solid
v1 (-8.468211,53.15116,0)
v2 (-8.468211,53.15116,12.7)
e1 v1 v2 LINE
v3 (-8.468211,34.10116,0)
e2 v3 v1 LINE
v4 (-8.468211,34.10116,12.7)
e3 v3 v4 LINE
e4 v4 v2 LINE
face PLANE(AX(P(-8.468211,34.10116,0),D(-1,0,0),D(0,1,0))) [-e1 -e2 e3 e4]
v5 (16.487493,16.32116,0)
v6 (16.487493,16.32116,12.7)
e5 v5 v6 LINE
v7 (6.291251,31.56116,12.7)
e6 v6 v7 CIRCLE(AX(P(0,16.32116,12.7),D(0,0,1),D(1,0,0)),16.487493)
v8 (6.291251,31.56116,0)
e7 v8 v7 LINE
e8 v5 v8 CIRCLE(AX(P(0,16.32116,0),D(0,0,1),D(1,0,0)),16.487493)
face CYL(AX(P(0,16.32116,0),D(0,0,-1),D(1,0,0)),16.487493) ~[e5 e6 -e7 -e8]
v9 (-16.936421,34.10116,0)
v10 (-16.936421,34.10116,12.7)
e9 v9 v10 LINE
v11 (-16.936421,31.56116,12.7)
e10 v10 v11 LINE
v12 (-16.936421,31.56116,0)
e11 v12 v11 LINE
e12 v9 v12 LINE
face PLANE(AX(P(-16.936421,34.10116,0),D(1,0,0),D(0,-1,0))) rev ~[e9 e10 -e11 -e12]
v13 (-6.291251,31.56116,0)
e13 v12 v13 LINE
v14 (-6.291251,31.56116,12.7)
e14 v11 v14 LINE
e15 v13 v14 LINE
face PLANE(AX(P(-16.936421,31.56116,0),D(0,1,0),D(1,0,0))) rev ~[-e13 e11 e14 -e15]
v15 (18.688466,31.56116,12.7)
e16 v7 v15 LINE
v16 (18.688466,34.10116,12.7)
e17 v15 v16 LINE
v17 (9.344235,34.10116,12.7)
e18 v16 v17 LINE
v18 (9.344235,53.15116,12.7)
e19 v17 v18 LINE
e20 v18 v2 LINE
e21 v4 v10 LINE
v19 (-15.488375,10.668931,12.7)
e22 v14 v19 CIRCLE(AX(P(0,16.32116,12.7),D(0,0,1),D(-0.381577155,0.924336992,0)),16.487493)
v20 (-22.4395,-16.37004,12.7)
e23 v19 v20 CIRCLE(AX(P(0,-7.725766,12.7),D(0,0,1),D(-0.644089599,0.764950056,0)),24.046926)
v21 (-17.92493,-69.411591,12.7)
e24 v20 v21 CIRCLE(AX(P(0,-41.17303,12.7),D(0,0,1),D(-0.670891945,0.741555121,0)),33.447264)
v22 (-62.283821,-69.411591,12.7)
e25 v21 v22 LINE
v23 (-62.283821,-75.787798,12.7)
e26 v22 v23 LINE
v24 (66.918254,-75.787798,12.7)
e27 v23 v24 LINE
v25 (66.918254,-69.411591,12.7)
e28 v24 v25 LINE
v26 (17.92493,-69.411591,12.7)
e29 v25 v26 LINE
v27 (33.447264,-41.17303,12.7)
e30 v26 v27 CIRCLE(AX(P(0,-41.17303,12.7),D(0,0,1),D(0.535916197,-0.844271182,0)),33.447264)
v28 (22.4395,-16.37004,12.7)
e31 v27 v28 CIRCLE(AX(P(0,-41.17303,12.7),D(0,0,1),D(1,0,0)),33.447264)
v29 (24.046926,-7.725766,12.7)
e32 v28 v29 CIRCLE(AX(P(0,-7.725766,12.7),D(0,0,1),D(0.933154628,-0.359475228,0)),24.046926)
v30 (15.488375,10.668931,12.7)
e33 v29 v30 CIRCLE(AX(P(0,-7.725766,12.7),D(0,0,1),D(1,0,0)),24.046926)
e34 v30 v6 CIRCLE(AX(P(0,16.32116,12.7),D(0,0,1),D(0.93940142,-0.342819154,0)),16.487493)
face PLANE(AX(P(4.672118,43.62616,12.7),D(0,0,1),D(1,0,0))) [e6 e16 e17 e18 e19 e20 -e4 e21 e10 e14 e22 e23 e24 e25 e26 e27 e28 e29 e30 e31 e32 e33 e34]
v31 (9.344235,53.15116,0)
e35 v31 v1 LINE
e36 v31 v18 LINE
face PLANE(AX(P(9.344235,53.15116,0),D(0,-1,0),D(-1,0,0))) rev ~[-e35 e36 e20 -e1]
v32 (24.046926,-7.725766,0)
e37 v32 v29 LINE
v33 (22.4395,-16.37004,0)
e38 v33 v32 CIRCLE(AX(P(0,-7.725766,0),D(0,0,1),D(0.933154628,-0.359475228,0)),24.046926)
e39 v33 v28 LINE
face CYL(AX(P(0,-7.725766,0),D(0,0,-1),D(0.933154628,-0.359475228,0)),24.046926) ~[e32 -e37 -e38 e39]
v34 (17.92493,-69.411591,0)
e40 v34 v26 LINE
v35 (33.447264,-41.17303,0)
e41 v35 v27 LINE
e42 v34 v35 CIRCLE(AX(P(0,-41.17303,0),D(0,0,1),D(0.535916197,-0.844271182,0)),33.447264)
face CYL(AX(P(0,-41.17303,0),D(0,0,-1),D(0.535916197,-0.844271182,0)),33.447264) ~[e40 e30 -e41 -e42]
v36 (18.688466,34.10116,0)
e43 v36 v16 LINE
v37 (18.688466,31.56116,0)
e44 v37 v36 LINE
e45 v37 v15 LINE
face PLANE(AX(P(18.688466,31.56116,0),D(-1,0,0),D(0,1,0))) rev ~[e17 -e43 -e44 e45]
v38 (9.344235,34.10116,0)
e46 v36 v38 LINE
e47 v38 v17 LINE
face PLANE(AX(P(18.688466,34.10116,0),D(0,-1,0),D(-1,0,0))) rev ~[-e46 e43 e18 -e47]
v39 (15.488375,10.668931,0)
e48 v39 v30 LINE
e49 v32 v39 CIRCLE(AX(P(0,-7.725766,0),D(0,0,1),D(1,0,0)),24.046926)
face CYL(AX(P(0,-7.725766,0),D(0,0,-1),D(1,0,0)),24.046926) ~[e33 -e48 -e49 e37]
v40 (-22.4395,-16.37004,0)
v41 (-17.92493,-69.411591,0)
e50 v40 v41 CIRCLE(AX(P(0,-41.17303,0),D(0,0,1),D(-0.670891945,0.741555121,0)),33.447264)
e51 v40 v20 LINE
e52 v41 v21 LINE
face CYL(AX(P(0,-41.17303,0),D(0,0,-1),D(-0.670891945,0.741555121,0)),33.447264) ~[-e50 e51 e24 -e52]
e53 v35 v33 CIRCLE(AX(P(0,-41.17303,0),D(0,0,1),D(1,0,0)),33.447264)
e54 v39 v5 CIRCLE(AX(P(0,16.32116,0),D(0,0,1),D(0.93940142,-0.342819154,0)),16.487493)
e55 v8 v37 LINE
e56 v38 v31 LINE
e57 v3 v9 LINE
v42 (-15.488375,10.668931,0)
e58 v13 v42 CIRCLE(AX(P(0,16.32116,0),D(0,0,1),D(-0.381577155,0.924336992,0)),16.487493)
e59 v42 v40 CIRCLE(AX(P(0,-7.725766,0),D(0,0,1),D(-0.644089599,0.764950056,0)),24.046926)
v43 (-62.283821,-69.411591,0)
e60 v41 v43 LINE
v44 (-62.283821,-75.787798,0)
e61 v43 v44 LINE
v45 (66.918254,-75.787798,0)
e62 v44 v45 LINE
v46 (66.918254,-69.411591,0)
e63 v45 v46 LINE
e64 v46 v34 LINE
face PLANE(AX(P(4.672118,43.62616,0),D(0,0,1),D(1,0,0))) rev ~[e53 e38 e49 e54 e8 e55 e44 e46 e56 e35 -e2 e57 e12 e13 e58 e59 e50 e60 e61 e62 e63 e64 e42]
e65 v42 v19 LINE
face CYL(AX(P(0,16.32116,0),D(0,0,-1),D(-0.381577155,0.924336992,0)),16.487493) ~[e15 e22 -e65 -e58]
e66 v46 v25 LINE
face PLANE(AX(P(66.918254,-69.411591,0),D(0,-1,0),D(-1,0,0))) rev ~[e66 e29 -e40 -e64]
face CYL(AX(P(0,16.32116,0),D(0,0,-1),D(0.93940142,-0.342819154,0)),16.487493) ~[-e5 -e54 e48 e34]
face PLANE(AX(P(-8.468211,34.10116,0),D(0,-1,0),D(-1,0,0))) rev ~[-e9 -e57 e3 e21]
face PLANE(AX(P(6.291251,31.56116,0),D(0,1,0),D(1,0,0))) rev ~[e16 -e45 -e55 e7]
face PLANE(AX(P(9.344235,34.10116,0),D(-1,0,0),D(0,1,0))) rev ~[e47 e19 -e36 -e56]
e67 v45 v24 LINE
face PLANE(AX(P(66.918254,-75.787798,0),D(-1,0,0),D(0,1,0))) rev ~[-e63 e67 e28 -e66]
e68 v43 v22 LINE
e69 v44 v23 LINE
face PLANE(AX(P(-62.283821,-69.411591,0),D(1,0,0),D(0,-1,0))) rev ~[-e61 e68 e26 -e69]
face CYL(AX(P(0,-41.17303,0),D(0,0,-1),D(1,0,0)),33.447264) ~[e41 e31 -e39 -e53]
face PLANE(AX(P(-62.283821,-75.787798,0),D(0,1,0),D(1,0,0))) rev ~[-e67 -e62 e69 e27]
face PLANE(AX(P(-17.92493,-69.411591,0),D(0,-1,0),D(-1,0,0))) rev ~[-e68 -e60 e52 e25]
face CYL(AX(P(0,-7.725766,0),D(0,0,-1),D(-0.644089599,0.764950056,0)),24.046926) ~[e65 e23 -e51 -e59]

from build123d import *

# Parameters (mm, degrees)
F0_W     = 9.3442350626
F0_H     = 19.05
F0_W_2   = 8.4682106972
F1_DEPTH = 12.7


with BuildPart() as f1:
    # F0 (on Top) → F1 (new body)
    with BuildSketch(Plane.XY):
        with Locations((4.6721175313, 43.6261597422)):
            Rectangle(F0_W, F0_H)
        with Locations((-4.2341053486, 43.6261597422)):
            Rectangle(F0_W_2, F0_H)
        with BuildLine():
            Line((-16.9364213943, 31.5611597422), (-6.291250811, 31.5611597422))
            ThreePointArc((-6.291250811, 31.5611597422), (-3.2068706089, 32.4937729406), (0, 32.8086530862))
            Line((0, 32.8086530862), (0, 34.1011597422))
            Line((0, 34.1011597422), (-8.4682106972, 34.1011597422))
            Line((-8.4682106972, 34.1011597422), (-16.9364213943, 34.1011597422))
            Line((-16.9364213943, 34.1011597422), (-16.9364213943, 31.5611597422))
        make_face()
        with BuildLine():
            Line((0, 34.1011597422), (0, 32.8086530862))
            ThreePointArc((0, 32.8086530862), (3.2068706089, 32.4937729406), (6.291250811, 31.5611597422))
            Line((6.291250811, 31.5611597422), (18.6884663999, 31.5611597422))
            Line((18.6884663999, 31.5611597422), (18.6884663999, 34.1011597422))
            Line((18.6884663999, 34.1011597422), (9.3442350626, 34.1011597422))
            Line((9.3442350626, 34.1011597422), (0, 34.1011597422))
        make_face()
        with BuildLine():
            ThreePointArc((-6.291250811, 31.5611597422), (-15.090040572, 22.9640591319), (-15.4883746602, 10.6689312302))
            ThreePointArc((-15.4883746602, 10.6689312302), (0, 16.3211597422), (15.4883746602, 10.6689312302))
            ThreePointArc((15.4883746602, 10.6689312302), (16.2357924181, 13.4512326832), (16.4874933439, 16.3211597422))
            ThreePointArc((16.4874933439, 16.3211597422), (13.703364416, 25.4893242504), (6.291250811, 31.5611597422))
            Line((6.291250811, 31.5611597422), (0, 31.5611597422))
            Line((0, 31.5611597422), (-6.291250811, 31.5611597422))
        make_face()
        with BuildLine():
            ThreePointArc((-22.4394999049, -16.3700398839), (0, -7.7257658365), (22.4394999049, -16.3700398839))
            ThreePointArc((22.4394999049, -16.3700398839), (23.6416540668, -12.1219940808), (24.0469255787, -7.7257658365))
            ThreePointArc((24.0469255787, -7.7257658365), (21.8025505684, 2.4183663837), (15.4883746602, 10.6689312302))
            ThreePointArc((15.4883746602, 10.6689312302), (0, -0.1663336017), (-15.4883746602, 10.6689312302))
            ThreePointArc((-15.4883746602, 10.6689312302), (-23.2896416242, -1.7385108055), (-22.4394999049, -16.3700398839))
        make_face()
        with BuildLine():
            ThreePointArc((17.9249304532, -69.4115906954), (29.3109138189, -57.2848201084), (33.4472638545, -41.173029691))
            ThreePointArc((33.4472638545, -41.173029691), (30.5717135064, -27.605060328), (22.4394999049, -16.3700398839))
            ThreePointArc((22.4394999049, -16.3700398839), (0, -31.7726914152), (-22.4394999049, -16.3700398839))
            ThreePointArc((-22.4394999049, -16.3700398839), (-33.3267660846, -44.0095983393), (-17.9249304532, -69.4115906954))
            Line((-17.9249304532, -69.4115906954), (17.9249304532, -69.4115906954))
        make_face()
        with BuildLine():
            ThreePointArc((-22.4394999049, -16.3700398839), (0, -31.7726914152), (22.4394999049, -16.3700398839))
            ThreePointArc((22.4394999049, -16.3700398839), (0, -7.7257658365), (-22.4394999049, -16.3700398839))
        make_face()
        with BuildLine():
            ThreePointArc((15.4883746602, 10.6689312302), (0, 16.3211597422), (-15.4883746602, 10.6689312302))
            ThreePointArc((-15.4883746602, 10.6689312302), (0, -0.1663336017), (15.4883746602, 10.6689312302))
        make_face()
        with BuildLine():
            ThreePointArc((6.291250811, 31.5611597422), (3.2068706089, 32.4937729406), (0, 32.8086530862))
            Line((0, 32.8086530862), (0, 31.5611597422))
            Line((0, 31.5611597422), (6.291250811, 31.5611597422))
        make_face()
        with BuildLine():
            ThreePointArc((0, 32.8086530862), (-3.2068706089, 32.4937729406), (-6.291250811, 31.5611597422))
            Line((-6.291250811, 31.5611597422), (0, 31.5611597422))
            Line((0, 31.5611597422), (0, 32.8086530862))
        make_face()
        with BuildLine():
            Line((66.9182538986, -69.4115906954), (17.9249304532, -69.4115906954))
            ThreePointArc((17.9249304532, -69.4115906954), (0, -74.6202935455), (-17.9249304532, -69.4115906954))
            Line((-17.9249304532, -69.4115906954), (-62.283821404, -69.4115906954))
            Line((-62.283821404, -69.4115906954), (-62.283821404, -75.7877975702))
            Line((-62.283821404, -75.7877975702), (66.9182538986, -75.7877975702))
            Line((66.9182538986, -75.7877975702), (66.9182538986, -69.4115906954))
        make_face()
        with BuildLine():
            ThreePointArc((-17.9249304532, -69.4115906954), (0, -74.6202935455), (17.9249304532, -69.4115906954))
            Line((17.9249304532, -69.4115906954), (-17.9249304532, -69.4115906954))
        make_face()
    extrude(amount=F1_DEPTH)


solid = f1.part
